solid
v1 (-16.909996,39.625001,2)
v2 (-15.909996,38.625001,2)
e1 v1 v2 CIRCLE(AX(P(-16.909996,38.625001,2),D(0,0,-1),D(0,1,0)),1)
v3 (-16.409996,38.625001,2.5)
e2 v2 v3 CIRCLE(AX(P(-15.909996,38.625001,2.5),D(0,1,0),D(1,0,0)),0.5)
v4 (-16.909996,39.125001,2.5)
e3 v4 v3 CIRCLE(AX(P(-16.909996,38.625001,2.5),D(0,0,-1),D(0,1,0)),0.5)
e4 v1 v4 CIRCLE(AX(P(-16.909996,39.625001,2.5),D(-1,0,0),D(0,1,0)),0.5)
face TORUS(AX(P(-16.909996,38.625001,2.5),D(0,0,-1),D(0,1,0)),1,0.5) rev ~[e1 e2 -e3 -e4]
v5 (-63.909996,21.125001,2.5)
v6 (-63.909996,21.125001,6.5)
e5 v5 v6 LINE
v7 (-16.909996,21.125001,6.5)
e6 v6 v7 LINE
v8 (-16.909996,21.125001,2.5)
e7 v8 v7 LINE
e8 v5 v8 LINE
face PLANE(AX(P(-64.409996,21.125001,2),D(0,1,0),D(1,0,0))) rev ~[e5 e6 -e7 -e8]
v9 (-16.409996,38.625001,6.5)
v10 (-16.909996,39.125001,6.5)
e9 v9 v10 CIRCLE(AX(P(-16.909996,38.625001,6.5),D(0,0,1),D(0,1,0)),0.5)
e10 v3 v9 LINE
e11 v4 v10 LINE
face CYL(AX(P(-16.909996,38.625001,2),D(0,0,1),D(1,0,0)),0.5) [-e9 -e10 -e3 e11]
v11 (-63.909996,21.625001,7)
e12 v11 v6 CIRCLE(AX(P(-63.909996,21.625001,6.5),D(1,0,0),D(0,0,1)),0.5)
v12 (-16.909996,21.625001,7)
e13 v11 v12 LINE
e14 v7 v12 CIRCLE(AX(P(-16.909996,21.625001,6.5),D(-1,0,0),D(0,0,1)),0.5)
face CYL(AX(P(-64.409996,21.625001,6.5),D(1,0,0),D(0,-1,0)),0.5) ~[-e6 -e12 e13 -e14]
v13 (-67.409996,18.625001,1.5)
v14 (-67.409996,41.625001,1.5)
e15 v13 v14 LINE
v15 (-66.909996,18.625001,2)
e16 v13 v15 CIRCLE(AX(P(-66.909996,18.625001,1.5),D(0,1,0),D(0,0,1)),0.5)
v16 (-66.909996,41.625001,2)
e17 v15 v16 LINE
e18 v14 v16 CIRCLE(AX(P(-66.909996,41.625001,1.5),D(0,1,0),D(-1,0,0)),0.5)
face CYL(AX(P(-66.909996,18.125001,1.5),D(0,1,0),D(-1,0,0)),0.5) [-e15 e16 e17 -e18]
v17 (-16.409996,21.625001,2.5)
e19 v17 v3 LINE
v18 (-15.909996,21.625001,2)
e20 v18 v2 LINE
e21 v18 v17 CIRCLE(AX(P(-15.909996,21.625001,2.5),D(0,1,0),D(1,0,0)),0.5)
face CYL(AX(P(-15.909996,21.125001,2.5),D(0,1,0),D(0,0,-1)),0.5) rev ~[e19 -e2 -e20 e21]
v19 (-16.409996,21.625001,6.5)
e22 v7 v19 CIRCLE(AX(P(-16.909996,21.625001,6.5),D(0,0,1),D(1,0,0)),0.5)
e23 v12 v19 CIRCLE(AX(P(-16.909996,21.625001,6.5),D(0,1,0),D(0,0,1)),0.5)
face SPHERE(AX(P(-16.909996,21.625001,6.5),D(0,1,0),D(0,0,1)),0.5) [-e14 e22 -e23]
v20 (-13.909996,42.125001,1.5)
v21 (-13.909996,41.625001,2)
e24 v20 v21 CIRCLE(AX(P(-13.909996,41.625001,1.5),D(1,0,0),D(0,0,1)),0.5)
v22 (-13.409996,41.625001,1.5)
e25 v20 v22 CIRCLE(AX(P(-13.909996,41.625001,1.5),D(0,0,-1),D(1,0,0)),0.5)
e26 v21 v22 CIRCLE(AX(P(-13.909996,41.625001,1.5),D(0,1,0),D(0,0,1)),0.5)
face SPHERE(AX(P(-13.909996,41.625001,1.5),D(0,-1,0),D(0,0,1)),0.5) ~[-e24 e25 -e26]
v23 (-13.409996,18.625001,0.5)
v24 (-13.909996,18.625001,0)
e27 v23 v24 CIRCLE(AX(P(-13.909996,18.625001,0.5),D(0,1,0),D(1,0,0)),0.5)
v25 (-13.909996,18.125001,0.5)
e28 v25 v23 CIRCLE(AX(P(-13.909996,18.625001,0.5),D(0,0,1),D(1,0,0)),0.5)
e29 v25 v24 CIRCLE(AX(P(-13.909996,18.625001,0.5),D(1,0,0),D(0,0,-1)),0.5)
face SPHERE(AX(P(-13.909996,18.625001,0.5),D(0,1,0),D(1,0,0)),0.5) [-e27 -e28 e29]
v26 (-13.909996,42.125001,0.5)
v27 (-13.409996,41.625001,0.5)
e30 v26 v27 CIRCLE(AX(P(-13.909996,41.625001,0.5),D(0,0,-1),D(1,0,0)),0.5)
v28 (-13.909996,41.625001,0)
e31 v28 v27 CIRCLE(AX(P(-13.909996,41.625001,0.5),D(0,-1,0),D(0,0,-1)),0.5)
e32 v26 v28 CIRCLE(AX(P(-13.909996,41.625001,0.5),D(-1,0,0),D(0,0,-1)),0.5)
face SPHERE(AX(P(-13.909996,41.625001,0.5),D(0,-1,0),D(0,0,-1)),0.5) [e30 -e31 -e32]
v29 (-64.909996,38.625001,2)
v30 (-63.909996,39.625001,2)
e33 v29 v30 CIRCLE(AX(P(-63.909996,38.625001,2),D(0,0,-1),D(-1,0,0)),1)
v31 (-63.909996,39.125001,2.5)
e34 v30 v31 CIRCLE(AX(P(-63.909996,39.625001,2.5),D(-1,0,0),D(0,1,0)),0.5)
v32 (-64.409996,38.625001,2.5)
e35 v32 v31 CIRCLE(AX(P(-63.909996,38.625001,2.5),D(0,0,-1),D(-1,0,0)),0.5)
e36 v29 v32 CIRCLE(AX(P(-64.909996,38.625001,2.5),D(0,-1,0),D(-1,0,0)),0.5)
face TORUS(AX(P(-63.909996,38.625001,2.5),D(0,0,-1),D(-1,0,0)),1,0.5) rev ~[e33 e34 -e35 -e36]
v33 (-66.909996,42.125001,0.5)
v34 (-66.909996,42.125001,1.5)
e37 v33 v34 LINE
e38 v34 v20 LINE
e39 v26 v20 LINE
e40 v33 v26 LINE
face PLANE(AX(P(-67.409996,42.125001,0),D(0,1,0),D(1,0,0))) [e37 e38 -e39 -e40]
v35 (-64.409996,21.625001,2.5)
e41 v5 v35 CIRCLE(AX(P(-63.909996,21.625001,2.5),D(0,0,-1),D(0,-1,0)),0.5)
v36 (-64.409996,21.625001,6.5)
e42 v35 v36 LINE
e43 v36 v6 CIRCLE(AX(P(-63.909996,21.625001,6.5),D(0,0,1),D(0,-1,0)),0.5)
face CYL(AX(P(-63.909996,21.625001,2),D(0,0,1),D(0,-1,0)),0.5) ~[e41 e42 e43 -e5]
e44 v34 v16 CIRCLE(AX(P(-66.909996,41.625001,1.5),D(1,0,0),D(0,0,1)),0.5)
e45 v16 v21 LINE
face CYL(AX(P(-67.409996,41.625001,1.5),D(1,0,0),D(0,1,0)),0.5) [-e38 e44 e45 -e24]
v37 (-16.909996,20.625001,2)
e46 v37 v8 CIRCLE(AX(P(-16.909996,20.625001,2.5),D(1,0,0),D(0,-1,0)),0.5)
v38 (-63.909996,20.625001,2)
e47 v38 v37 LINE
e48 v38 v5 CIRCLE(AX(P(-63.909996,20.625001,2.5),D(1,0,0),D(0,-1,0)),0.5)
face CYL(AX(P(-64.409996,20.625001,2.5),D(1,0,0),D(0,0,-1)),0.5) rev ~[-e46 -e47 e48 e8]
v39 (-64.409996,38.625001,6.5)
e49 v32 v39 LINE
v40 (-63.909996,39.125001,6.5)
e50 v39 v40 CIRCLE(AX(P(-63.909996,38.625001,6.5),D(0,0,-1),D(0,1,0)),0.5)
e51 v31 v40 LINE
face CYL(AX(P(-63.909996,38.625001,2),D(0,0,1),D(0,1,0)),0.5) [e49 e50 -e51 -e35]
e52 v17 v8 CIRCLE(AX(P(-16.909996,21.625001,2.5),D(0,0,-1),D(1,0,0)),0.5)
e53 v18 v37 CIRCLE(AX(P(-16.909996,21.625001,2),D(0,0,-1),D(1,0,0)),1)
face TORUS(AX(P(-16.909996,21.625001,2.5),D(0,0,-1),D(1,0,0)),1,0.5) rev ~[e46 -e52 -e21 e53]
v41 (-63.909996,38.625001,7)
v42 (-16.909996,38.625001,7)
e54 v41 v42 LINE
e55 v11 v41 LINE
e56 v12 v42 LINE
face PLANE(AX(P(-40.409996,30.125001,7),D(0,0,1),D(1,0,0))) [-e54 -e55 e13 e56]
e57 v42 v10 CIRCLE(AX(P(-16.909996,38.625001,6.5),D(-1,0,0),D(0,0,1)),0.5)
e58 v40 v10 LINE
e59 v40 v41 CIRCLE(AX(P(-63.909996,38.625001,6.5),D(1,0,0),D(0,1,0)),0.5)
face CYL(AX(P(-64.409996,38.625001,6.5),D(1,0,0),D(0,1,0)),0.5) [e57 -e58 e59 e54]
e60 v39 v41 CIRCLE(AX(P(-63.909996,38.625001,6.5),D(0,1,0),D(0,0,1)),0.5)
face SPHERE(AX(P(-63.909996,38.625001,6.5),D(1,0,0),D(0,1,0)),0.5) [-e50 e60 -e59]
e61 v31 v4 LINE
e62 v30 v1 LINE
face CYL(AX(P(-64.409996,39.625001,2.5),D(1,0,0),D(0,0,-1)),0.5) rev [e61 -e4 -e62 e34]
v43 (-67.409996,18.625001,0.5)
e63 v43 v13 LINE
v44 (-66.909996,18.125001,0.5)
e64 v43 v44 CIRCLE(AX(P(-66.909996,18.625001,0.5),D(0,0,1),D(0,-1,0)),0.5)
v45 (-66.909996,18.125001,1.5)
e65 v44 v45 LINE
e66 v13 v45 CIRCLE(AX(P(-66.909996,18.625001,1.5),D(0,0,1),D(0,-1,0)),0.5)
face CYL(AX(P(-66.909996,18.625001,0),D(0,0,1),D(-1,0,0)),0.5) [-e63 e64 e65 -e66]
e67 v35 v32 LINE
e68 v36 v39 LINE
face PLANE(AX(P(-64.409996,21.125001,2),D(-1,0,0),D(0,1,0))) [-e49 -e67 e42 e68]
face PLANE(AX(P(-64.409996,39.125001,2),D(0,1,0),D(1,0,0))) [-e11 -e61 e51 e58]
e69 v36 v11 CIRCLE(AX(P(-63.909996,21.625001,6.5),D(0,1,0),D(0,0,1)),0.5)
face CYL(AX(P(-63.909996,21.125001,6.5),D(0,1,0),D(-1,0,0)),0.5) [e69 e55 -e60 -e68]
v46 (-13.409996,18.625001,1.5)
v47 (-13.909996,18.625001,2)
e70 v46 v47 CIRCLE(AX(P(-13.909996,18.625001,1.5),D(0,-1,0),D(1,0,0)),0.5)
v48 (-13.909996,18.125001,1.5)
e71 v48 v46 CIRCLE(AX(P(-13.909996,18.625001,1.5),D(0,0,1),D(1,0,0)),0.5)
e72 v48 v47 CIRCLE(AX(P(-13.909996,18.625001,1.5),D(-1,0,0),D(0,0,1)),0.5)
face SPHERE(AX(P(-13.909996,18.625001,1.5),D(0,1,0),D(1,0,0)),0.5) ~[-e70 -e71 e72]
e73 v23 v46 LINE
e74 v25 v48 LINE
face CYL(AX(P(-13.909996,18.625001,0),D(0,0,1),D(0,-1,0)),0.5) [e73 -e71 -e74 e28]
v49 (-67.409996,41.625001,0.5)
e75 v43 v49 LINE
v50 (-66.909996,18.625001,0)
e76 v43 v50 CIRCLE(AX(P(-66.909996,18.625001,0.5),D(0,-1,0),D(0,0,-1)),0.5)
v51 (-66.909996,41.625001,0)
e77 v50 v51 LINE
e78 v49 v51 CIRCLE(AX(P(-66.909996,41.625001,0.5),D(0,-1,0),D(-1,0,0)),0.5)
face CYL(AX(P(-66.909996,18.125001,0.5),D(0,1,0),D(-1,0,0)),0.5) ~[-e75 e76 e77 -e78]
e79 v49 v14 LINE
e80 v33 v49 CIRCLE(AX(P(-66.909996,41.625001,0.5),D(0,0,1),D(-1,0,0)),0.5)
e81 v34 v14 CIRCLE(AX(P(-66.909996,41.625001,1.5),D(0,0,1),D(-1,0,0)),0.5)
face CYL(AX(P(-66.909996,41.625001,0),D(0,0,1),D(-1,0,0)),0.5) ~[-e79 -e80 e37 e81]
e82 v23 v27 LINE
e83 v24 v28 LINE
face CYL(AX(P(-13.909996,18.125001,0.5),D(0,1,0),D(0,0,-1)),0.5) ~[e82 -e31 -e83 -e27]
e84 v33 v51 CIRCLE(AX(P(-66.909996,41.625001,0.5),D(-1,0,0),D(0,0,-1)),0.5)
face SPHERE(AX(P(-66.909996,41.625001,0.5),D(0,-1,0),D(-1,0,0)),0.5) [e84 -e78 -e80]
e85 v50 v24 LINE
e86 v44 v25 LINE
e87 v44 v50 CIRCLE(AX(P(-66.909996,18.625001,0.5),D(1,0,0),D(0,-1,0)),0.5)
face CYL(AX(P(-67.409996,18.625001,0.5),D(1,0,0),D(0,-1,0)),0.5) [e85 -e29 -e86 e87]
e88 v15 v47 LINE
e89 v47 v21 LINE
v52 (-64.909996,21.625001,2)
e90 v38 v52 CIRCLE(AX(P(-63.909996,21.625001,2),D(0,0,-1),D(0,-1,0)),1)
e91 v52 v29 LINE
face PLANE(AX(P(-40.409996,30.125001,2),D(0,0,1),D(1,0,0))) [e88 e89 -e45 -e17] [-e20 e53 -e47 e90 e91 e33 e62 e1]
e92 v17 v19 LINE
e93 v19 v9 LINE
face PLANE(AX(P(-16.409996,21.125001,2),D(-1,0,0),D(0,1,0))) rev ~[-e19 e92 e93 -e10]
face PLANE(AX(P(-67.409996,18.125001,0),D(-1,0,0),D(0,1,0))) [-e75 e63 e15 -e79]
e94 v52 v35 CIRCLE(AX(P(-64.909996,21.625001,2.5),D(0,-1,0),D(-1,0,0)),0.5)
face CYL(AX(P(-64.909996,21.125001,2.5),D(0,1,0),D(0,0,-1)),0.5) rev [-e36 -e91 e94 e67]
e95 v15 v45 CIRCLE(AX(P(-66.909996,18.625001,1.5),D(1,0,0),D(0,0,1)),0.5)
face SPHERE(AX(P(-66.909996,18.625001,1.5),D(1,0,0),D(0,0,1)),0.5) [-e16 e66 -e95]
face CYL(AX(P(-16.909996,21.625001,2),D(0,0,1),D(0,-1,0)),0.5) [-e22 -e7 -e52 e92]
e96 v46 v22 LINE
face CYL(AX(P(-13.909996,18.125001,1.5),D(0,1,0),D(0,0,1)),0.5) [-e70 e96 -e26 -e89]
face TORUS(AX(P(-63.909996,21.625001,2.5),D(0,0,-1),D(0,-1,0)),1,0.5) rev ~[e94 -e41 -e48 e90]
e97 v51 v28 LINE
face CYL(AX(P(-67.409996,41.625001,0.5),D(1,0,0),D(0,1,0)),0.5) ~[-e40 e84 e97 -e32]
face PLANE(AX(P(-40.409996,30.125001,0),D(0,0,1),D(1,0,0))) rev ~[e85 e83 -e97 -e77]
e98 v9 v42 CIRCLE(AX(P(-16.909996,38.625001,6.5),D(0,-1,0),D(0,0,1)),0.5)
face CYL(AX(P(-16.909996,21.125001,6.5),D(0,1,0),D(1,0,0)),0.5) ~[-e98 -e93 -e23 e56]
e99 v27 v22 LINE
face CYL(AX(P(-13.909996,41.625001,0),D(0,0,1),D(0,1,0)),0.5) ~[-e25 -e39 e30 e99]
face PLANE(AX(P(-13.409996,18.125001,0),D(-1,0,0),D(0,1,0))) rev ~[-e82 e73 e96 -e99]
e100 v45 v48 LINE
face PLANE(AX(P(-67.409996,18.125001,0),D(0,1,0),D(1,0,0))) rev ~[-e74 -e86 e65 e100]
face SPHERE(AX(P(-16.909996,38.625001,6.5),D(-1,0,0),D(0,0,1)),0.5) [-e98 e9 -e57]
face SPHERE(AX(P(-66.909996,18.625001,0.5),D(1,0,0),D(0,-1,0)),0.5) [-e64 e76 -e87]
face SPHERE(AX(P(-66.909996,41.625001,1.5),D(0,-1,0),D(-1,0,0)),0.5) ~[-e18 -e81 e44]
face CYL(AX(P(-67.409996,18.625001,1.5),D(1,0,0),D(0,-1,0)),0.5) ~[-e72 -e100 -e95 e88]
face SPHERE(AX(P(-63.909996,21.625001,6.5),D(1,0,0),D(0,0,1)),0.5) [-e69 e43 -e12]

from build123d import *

# Parameters (mm, degrees)
F0_W     = 54
F0_H     = 24
F1_DEPTH = 2
F2_W     = 48
F2_H     = 18
F3_DEPTH = 5
F4_R     = 0.5


with BuildPart() as f1:
    # F0 (on Top) → F1 (new body)
    with BuildSketch(Plane.XY):
        with Locations((-40.409996, 30.125001)):
            Rectangle(F0_W, F0_H)
    extrude(amount=F1_DEPTH)

    # F2 (on face) → F3 (join)
    with BuildSketch(Plane.XY.offset(2)):
        with Locations((-40.409996, 30.125001)):
            Rectangle(F2_W, F2_H)
    extrude(amount=F3_DEPTH)

    # F4
    f4_edges = [f1.edges().sort_by_distance(p)[0] for p in [
        (-40.409996, 39.125001, 2),
        (-40.409996, 39.125001, 7),
        (-64.409996, 39.125001, 4.5),
        (-16.409996, 30.125001, 2),
        (-16.409996, 30.125001, 7),
        (-40.409996, 21.125001, 7),
        (-40.409996, 21.125001, 2),
        (-64.409996, 30.125001, 7),
        (-64.409996, 30.125001, 2),
        (-64.409996, 21.125001, 4.5),
        (-16.409996, 21.125001, 4.5),
        (-16.409996, 39.125001, 4.5),
        (-13.409996, 30.125001, 2),
        (-13.409996, 30.125001, 0),
        (-13.409996, 18.125001, 1),
        (-40.409996, 18.125001, 0),
        (-40.409996, 18.125001, 2),
        (-67.409996, 30.125001, 2),
        (-67.409996, 18.125001, 1),
        (-67.409996, 30.125001, 0),
        (-67.409996, 42.125001, 1),
        (-40.409996, 42.125001, 2),
        (-40.409996, 42.125001, 0),
        (-13.409996, 42.125001, 1),
    ]]
    fillet(f4_edges, radius=F4_R)


solid = f1.part
